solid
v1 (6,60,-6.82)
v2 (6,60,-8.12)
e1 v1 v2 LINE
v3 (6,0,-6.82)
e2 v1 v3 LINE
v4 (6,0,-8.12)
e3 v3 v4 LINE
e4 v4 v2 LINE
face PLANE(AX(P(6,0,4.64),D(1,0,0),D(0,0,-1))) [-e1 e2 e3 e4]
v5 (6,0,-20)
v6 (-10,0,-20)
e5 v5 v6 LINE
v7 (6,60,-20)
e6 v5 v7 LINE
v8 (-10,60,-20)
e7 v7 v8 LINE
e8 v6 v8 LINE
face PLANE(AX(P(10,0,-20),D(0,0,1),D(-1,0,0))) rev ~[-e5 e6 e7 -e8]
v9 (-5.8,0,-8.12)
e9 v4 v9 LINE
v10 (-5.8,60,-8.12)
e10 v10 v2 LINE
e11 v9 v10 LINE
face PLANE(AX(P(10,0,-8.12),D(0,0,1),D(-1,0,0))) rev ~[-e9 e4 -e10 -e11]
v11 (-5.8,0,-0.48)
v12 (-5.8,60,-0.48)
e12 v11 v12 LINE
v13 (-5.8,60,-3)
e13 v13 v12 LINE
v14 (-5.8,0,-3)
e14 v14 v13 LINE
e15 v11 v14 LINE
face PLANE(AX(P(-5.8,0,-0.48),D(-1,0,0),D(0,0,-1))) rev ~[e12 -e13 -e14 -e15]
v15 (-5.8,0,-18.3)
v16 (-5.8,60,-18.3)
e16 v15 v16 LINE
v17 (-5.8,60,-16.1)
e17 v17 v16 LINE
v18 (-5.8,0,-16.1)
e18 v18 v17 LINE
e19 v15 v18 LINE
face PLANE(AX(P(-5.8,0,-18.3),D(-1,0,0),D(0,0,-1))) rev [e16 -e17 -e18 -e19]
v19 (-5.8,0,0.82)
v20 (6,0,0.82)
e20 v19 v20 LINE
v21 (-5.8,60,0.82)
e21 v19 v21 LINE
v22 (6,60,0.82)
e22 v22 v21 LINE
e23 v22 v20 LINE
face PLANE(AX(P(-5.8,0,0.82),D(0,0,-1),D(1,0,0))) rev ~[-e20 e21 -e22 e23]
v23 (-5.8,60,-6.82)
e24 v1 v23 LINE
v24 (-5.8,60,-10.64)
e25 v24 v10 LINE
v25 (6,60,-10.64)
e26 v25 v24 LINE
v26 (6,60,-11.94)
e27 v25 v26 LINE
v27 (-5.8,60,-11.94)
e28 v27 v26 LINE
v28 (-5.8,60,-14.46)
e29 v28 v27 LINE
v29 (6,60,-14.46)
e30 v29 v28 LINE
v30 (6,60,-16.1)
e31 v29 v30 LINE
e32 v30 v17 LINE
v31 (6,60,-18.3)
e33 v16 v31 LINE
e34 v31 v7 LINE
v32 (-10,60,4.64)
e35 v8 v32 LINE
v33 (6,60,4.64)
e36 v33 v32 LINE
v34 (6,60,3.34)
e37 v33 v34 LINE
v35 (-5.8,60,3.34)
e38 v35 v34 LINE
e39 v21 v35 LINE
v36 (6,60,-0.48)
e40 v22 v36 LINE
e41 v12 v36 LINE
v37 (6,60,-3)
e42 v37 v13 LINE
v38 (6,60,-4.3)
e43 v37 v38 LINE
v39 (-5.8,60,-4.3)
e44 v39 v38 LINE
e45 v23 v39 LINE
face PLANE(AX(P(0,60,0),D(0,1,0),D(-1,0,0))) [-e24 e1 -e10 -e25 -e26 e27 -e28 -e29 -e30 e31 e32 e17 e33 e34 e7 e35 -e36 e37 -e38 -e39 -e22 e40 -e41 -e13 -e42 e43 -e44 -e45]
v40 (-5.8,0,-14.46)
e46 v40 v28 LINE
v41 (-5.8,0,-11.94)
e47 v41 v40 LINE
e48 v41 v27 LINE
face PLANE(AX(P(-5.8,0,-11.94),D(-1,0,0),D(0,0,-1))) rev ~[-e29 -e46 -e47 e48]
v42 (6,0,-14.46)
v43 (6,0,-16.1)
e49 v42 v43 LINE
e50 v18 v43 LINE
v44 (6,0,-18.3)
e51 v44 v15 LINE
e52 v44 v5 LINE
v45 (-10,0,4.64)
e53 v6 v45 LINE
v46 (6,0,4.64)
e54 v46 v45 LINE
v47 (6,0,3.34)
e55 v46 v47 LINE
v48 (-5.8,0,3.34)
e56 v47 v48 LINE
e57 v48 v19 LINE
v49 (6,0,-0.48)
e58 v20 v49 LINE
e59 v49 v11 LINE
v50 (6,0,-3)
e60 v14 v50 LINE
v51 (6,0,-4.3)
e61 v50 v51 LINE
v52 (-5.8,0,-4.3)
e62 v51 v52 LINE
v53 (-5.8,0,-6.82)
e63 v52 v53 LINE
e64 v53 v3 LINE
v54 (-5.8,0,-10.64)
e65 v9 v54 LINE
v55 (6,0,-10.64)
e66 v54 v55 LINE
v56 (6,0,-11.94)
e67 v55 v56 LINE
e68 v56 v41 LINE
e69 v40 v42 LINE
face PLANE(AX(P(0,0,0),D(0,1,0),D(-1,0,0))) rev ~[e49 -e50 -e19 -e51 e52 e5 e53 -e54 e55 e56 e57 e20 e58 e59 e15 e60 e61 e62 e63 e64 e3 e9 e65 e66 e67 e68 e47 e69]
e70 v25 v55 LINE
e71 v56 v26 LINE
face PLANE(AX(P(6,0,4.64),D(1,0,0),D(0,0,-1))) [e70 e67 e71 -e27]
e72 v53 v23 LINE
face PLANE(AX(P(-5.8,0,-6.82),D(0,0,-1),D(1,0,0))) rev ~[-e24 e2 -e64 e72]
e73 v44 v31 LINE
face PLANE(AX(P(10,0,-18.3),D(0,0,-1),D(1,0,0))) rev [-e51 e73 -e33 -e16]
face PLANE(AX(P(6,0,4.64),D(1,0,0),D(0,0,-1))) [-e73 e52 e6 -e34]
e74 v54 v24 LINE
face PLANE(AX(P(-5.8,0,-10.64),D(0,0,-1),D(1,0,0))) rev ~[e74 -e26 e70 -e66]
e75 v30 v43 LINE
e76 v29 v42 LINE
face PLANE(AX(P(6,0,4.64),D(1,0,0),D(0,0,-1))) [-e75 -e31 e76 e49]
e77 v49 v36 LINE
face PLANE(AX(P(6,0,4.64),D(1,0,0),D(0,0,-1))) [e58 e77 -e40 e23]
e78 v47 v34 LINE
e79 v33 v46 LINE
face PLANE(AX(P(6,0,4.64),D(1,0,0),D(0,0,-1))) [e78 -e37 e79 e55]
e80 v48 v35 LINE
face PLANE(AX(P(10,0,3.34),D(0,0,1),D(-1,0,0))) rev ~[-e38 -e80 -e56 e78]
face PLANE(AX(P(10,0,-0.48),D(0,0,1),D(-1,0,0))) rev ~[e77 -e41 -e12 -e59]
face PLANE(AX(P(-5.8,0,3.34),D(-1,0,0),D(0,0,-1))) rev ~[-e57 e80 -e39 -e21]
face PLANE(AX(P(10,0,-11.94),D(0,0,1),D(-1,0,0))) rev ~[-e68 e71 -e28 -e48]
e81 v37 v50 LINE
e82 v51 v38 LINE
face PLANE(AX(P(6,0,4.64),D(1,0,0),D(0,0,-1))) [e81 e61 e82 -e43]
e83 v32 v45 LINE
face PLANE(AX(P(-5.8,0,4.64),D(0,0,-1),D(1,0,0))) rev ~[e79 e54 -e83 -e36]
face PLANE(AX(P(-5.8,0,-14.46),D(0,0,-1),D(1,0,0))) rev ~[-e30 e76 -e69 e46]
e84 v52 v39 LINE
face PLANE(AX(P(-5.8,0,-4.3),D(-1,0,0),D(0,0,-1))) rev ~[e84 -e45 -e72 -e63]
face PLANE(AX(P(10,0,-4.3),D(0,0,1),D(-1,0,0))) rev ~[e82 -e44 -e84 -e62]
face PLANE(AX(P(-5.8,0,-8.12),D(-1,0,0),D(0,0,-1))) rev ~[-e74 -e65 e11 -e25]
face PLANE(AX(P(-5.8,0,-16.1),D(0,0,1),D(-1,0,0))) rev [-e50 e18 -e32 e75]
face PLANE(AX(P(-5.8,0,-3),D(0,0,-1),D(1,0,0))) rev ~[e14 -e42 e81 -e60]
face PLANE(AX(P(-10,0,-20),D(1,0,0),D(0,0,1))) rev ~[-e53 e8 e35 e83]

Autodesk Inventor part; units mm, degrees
ref_plane "YZ Plane" through (0, 0, 0) normal (1, 0, 0) x (0, 1, 0)
ref_plane "XZ Plane" through (0, 0, 0) normal (0, 1, 0) x (-1, 0, 0)
ref_plane "XY Plane" through (0, 0, 0) normal (0, 0, 1) x (1, 0, 0)
sketch "Sketch1" plane through (0, 0, 0) normal (0, 1, 0) x (-1, 0, 0)
  line L0 (-10, -20) -> (10, -20)
  line L1 (10, -20) -> (10, 20)
  line L2 (10, 20) -> (-10, 20)
  line L3 (-10, 20) -> (-10, -20)
  line L4 (-10, -20) -> (10, 20) construction
  line L5 (10, -20) -> (-10, 20) construction
  point P0 (0, 0)
  dimension "d0" = 20
  dimension "d1" = 40
extrude "Extrusion1" add sketch "Sketch1" along normal blind 60
sketch "Sketch2" plane through (0, 0, 0) normal (0, -1, 0) x (1, 0, 0)
  line L0 (10, -20) -> (-10, -20) projected
  line L1 (10, 20) -> (10, -20) projected
  line L2 (-10, 20) -> (10, 20) projected
  line L3 (-10, -20) -> (-10, 20) projected
  line L4 (10, 20) -> (10, -20) projected
  line L5 (10, 18.3) -> (-5.8, 18.3)
  line L6 (-5.8, 18.3) -> (-5.8, 16.1)
  line L7 (-5.8, 16.1) -> (10, 16.1)
  line L8 (10, 16.1) -> (10, 18.3)
  point P0 (0, 0)
  dimension "d4" = 1.7
  dimension "d5" = 4.2
  dimension "d6" = 2.2
extrude "Extrusion2" cut sketch "Sketch2" against normal through all contours L7 L6 L5 L1
mirror "Mirror1" about plane through (0, 0, 0) normal (0, 0, 1) of "Extrusion2"
sketch "Sketch3" plane through (0, 0, 0) normal (0, -1, 0) x (1, 0, 0)
  line L0 (-5.8, -16.1) -> (10, -16.1) projected
  line L1 (10, 16.1) -> (10, -16.1) projected
  line L2 (10, 16.1) -> (-5.8, 16.1) projected
  line L3 (-5.8, 16.1) -> (-5.8, 18.3) projected
  line L4 (-5.8, 18.3) -> (10, 18.3) projected
  line L5 (10, 20) -> (10, 18.3) projected
  line L6 (-10, 20) -> (10, 20) projected
  line L7 (-10, -20) -> (-10, 20) projected
  line L8 (10, -20) -> (-10, -20) projected
  line L9 (10, -18.3) -> (10, -20) projected
  line L10 (10, -18.3) -> (-5.8, -18.3) projected
  line L11 (-5.8, -18.3) -> (-5.8, -16.1) projected
  line L12 (10, 14.8) -> (-5.8, 14.8)
  line L13 (-5.8, 14.8) -> (-5.8, 12.28)
  line L14 (-5.8, 12.28) -> (10, 12.28)
  line L15 (10, 12.28) -> (10, 14.8)
  point P0 (0, 0)
  dimension "d9" = 1.3
  dimension "d10" = 2.52
extrude "Extrusion3" cut sketch "Sketch3" against normal through all contours L14 L13 L12 L1
pattern_linear "Rectangular Pattern1" count 8 spacing 3.82 along (0, 0, -1) of "Extrusion3"
sketch "Sketch4" plane through (-10, 0, 20) normal (0, 0, 1) x (1, 0, 0)
  line L0 (-20.7139, 77.7692) -> (45.2661, 77.7692)
  line L1 (45.2661, 77.7692) -> (45.2661, -19.6204)
  line L2 (45.2661, -19.6204) -> (-20.7139, -19.6204)
  line L3 (-20.7139, -19.6204) -> (-20.7139, 77.7692)
  point P0 (10, 0)
extrude "Extrusion4" cut sketch "Sketch4" against normal up to surface (15.36 mm away)
sketch "Sketch5" plane through (10, 0, 4.64) normal (1, 0, 0) x (0, 0, -1)
  line L0 (-2.9581, -8.043) -> (28.5295, -8.043)
  line L1 (28.5295, -8.043) -> (28.5295, 70.3336)
  line L2 (28.5295, 70.3336) -> (-2.9581, 70.3336)
  line L3 (-2.9581, 70.3336) -> (-2.9581, -8.043)
  point P0 (4.64, 0)
extrude "Extrusion5" cut sketch "Sketch5" against normal blind 4
properties part number "Jetson_Heatsink"
